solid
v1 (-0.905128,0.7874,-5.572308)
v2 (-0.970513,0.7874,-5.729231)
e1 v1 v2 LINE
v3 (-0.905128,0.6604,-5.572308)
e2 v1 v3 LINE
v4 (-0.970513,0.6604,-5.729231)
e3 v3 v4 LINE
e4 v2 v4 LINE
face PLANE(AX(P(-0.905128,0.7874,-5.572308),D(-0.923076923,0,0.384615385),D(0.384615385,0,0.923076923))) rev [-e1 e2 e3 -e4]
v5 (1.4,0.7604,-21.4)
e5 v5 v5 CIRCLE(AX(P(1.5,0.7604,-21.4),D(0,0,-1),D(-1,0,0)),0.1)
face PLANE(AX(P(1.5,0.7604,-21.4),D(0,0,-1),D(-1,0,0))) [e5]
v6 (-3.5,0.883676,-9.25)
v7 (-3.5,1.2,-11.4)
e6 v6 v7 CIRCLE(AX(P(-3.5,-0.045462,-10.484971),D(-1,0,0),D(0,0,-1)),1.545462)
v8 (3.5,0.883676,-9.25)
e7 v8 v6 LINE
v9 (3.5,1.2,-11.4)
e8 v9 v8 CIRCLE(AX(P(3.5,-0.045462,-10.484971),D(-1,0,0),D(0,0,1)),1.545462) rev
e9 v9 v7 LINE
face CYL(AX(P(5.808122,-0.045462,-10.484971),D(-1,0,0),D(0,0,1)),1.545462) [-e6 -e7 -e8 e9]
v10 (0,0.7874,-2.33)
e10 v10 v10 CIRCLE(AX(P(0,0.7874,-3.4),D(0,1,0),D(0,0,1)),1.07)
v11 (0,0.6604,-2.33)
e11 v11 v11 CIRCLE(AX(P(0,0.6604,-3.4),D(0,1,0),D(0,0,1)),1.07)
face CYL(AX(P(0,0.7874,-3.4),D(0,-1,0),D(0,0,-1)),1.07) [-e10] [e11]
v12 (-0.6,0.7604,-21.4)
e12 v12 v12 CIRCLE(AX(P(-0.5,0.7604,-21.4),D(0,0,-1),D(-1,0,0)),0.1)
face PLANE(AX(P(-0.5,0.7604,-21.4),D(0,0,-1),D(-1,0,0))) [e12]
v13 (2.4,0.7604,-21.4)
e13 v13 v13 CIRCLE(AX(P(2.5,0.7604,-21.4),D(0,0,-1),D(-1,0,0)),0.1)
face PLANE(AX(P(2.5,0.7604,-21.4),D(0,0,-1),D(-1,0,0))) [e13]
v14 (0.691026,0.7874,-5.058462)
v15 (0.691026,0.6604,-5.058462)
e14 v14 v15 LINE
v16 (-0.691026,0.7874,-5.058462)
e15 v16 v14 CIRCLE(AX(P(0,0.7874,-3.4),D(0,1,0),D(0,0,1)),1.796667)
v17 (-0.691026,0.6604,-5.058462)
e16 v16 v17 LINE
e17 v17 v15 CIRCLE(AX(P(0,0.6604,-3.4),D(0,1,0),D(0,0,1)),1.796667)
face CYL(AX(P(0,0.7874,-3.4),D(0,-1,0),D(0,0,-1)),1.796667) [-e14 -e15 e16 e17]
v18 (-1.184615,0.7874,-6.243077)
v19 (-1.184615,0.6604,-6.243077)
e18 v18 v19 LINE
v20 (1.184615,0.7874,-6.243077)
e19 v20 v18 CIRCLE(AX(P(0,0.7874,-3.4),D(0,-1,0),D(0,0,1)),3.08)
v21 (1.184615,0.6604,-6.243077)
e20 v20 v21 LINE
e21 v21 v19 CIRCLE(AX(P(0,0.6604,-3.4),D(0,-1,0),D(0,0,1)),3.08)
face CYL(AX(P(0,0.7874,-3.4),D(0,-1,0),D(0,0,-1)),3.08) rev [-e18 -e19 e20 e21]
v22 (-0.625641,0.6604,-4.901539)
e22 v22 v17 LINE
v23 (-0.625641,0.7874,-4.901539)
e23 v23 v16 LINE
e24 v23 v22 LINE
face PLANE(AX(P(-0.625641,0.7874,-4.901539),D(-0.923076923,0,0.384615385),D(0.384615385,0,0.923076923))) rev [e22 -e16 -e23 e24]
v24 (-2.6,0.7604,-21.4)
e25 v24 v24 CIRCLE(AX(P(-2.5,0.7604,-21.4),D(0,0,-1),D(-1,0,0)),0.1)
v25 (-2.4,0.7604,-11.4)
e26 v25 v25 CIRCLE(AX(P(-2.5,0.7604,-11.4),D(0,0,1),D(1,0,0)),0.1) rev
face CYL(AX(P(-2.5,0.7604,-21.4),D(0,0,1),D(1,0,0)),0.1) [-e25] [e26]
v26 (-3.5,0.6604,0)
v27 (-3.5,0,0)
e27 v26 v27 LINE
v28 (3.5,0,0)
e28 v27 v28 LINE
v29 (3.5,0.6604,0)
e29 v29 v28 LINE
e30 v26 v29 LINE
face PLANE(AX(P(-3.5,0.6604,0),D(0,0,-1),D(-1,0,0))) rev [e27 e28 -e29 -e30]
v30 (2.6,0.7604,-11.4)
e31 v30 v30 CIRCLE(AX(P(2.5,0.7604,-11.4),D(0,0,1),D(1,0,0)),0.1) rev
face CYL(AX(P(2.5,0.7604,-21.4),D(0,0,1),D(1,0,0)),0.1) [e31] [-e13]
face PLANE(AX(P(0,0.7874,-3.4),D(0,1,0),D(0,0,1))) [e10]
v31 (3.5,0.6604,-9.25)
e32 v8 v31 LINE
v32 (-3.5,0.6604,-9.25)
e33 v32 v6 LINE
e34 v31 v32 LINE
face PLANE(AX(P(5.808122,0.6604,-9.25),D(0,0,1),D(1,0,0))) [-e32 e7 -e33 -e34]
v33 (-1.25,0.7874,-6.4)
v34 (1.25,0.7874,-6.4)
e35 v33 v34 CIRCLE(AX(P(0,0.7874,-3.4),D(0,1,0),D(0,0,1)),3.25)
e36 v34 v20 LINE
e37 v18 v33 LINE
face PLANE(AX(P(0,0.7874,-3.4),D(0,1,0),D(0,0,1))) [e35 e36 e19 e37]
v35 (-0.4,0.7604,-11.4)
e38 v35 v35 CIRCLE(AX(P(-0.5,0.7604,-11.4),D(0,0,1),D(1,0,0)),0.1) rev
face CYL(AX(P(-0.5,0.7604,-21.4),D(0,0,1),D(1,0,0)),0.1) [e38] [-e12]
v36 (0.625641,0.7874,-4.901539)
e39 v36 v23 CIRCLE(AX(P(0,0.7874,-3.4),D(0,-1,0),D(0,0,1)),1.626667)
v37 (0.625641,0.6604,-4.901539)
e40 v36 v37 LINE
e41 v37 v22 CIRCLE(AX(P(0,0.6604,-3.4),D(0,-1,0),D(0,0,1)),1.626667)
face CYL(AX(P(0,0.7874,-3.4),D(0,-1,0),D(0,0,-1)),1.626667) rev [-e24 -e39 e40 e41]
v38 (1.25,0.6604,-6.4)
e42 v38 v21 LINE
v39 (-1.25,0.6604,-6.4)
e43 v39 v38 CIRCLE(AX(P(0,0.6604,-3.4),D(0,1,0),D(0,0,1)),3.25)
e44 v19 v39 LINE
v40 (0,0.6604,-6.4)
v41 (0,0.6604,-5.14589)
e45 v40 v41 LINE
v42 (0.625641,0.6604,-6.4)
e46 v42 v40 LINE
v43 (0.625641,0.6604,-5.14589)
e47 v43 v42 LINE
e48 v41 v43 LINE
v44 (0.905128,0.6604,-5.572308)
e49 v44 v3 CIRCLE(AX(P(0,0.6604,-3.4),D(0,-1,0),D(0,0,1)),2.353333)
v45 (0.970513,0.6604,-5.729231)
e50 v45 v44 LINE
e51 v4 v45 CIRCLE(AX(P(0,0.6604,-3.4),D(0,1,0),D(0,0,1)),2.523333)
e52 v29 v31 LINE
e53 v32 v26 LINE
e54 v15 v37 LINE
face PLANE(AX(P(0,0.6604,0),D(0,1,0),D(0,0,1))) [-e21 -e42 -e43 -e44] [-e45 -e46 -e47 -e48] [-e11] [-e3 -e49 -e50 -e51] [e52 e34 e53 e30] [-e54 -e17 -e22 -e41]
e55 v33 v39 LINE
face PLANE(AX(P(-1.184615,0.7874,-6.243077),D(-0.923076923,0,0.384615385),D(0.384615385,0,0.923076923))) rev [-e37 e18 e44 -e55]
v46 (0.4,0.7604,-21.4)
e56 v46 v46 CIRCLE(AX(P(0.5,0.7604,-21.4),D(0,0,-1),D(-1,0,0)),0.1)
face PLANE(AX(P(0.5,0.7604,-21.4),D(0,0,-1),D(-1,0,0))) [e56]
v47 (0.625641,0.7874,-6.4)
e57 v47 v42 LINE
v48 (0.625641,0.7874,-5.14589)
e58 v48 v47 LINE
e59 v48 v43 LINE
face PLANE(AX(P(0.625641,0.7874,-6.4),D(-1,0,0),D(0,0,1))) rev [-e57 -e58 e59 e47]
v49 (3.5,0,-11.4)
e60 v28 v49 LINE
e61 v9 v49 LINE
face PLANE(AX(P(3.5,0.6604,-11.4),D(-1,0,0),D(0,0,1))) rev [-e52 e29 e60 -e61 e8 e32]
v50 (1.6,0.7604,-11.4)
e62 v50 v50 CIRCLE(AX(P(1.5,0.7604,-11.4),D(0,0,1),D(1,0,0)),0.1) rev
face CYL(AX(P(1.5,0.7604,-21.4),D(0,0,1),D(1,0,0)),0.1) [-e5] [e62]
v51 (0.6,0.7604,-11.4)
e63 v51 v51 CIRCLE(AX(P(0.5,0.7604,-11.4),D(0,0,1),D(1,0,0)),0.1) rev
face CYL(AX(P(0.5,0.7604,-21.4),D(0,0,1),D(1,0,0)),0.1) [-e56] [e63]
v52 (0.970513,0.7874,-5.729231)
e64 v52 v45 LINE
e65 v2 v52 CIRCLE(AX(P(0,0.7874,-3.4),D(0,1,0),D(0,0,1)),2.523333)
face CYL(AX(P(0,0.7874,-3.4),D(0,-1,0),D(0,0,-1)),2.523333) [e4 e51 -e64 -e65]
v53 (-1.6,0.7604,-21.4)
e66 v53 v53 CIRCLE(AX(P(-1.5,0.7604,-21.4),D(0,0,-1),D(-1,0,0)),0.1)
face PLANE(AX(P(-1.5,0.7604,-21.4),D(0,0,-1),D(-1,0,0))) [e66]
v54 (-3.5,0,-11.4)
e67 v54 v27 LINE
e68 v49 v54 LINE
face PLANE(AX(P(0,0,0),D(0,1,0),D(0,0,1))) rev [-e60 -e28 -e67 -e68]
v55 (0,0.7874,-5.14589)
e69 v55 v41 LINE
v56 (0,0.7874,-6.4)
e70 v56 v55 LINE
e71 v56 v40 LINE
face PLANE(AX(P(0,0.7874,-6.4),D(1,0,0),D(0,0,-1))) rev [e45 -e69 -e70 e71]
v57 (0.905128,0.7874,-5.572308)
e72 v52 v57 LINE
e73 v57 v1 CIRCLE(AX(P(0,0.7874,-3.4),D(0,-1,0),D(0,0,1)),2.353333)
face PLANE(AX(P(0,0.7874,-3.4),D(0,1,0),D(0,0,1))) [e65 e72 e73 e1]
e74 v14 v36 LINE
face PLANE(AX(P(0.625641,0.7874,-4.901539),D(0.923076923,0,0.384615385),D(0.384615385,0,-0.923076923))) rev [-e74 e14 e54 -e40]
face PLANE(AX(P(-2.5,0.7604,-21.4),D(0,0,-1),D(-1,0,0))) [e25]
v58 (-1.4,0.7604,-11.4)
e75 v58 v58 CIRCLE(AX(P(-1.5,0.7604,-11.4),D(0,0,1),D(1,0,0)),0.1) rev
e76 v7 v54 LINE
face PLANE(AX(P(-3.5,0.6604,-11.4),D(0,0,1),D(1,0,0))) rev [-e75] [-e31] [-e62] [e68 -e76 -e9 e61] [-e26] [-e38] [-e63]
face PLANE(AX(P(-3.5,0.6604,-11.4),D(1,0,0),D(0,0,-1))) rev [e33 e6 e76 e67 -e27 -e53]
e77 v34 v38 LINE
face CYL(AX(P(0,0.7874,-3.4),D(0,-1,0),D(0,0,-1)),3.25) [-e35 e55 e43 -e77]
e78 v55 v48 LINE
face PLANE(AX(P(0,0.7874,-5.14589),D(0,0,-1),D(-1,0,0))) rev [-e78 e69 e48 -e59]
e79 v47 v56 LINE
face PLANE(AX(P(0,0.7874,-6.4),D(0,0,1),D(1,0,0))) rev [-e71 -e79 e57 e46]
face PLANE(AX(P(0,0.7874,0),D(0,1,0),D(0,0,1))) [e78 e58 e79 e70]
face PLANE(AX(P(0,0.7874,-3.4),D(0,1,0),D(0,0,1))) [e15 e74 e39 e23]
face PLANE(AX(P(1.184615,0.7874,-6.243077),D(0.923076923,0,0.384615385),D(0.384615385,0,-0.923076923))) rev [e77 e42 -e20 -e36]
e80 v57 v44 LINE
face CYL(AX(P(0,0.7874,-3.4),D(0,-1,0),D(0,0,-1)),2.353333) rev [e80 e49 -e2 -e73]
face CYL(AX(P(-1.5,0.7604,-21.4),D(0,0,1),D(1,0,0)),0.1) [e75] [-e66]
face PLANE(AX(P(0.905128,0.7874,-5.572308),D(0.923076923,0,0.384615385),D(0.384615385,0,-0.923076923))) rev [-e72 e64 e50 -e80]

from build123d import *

# Parameters (mm, degrees)
SKETCH1_W           = 7
SKETCH1_H           = 11.4
BOSS_EXTRUDE1_DEPTH = 0.6604
BOSS_EXTRUDE2_DEPTH = 7
SKETCH4_R           = 1.07
SKETCH4_W           = 0.625641059
SKETCH4_H           = 1.254110087
BOSS_EXTRUDE3_DEPTH = 0.127
SKETCH5_R           = 0.1
BOSS_EXTRUDE4_DEPTH = 10


with BuildPart() as part:
    # Sketch1 → Boss-Extrude1 (new body)
    with BuildSketch(Plane(origin=(0, 0, 0), x_dir=(1, 0, 0), z_dir=(0, 1, 0))):
        with Locations((0, 5.7)):
            Rectangle(SKETCH1_W, SKETCH1_H)
    extrude(amount=BOSS_EXTRUDE1_DEPTH)

    # Sketch3 → Boss-Extrude2 (add)
    with BuildSketch(Plane.ZY.offset(3.5)):
        with BuildLine():
            Line((-11.4, 0.6604), (-11.4, 1.2))
            ThreePointArc((-11.4, 1.2), (-10.260013654, 1.483539887), (-9.25, 0.883676442))
            Line((-9.25, 0.883676442), (-9.25, 0.6604))
            Line((-9.25, 0.6604), (-11.4, 0.6604))
        make_face()
    extrude(amount=-BOSS_EXTRUDE2_DEPTH)

    # Sketch4 → Boss-Extrude3 (add)
    with BuildSketch(Plane(origin=(0, 0.6604, 0), x_dir=(1, 0, 0), z_dir=(0, 1, 0))):
        with Locations(Location((0, 3.4, 0), (0, 0, 270))):
            Circle(SKETCH4_R)
        with Locations((0.312820529, 5.772944956)):
            Rectangle(SKETCH4_W, SKETCH4_H)
        with BuildLine():
            Line((-0.625641059, 4.901538541), (-0.691025641, 5.058461538))
            ThreePointArc((-0.691025641, 5.058461538), (0, 1.603333333), (0.691025641, 5.058461538))
            Line((0.691025641, 5.058461538), (0.625641059, 4.901538541))
            ThreePointArc((0.625641059, 4.901538541), (0, 1.773333247), (-0.625641059, 4.901538541))
        make_face()
        with BuildLine():
            Line((0.905128238, 5.572307772), (0.970512821, 5.729230769))
            ThreePointArc((0.970512821, 5.729230769), (0, 0.876666667), (-0.970512821, 5.729230769))
            Line((-0.970512821, 5.729230769), (-0.905128238, 5.572307772))
            ThreePointArc((-0.905128238, 5.572307772), (0, 1.046666581), (0.905128238, 5.572307772))
        make_face()
        with BuildLine():
            Line((1.184615418, 6.243077002), (1.25, 6.4))
            ThreePointArc((1.25, 6.4), (0, 0.15), (-1.25, 6.4))
            Line((-1.25, 6.4), (-1.184615418, 6.243077002))
            ThreePointArc((-1.184615418, 6.243077002), (0, 0.319999914), (1.184615418, 6.243077002))
        make_face()
    extrude(amount=BOSS_EXTRUDE3_DEPTH)

    # Sketch5 → Boss-Extrude4 (add)
    with BuildSketch(Plane(origin=(0, 0, -11.4), x_dir=(-1, 0, 0), z_dir=(0, 0, -1))):
        with Locations(Location((-2.5, 0.7604, 0), (0, 0, 180))):
            Circle(SKETCH5_R)
        with Locations(Location((-1.5, 0.7604, 0), (0, 0, 180))):
            Circle(SKETCH5_R)
        with Locations(Location((-0.5, 0.7604, 0), (0, 0, 180))):
            Circle(SKETCH5_R)
        with Locations(Location((0.5, 0.7604, 0), (0, 0, 180))):
            Circle(SKETCH5_R)
        with Locations(Location((1.5, 0.7604, 0), (0, 0, 180))):
            Circle(SKETCH5_R)
        with Locations(Location((2.5, 0.7604, 0), (0, 0, 180))):
            Circle(SKETCH5_R)
    extrude(amount=BOSS_EXTRUDE4_DEPTH)


solid = part.part
